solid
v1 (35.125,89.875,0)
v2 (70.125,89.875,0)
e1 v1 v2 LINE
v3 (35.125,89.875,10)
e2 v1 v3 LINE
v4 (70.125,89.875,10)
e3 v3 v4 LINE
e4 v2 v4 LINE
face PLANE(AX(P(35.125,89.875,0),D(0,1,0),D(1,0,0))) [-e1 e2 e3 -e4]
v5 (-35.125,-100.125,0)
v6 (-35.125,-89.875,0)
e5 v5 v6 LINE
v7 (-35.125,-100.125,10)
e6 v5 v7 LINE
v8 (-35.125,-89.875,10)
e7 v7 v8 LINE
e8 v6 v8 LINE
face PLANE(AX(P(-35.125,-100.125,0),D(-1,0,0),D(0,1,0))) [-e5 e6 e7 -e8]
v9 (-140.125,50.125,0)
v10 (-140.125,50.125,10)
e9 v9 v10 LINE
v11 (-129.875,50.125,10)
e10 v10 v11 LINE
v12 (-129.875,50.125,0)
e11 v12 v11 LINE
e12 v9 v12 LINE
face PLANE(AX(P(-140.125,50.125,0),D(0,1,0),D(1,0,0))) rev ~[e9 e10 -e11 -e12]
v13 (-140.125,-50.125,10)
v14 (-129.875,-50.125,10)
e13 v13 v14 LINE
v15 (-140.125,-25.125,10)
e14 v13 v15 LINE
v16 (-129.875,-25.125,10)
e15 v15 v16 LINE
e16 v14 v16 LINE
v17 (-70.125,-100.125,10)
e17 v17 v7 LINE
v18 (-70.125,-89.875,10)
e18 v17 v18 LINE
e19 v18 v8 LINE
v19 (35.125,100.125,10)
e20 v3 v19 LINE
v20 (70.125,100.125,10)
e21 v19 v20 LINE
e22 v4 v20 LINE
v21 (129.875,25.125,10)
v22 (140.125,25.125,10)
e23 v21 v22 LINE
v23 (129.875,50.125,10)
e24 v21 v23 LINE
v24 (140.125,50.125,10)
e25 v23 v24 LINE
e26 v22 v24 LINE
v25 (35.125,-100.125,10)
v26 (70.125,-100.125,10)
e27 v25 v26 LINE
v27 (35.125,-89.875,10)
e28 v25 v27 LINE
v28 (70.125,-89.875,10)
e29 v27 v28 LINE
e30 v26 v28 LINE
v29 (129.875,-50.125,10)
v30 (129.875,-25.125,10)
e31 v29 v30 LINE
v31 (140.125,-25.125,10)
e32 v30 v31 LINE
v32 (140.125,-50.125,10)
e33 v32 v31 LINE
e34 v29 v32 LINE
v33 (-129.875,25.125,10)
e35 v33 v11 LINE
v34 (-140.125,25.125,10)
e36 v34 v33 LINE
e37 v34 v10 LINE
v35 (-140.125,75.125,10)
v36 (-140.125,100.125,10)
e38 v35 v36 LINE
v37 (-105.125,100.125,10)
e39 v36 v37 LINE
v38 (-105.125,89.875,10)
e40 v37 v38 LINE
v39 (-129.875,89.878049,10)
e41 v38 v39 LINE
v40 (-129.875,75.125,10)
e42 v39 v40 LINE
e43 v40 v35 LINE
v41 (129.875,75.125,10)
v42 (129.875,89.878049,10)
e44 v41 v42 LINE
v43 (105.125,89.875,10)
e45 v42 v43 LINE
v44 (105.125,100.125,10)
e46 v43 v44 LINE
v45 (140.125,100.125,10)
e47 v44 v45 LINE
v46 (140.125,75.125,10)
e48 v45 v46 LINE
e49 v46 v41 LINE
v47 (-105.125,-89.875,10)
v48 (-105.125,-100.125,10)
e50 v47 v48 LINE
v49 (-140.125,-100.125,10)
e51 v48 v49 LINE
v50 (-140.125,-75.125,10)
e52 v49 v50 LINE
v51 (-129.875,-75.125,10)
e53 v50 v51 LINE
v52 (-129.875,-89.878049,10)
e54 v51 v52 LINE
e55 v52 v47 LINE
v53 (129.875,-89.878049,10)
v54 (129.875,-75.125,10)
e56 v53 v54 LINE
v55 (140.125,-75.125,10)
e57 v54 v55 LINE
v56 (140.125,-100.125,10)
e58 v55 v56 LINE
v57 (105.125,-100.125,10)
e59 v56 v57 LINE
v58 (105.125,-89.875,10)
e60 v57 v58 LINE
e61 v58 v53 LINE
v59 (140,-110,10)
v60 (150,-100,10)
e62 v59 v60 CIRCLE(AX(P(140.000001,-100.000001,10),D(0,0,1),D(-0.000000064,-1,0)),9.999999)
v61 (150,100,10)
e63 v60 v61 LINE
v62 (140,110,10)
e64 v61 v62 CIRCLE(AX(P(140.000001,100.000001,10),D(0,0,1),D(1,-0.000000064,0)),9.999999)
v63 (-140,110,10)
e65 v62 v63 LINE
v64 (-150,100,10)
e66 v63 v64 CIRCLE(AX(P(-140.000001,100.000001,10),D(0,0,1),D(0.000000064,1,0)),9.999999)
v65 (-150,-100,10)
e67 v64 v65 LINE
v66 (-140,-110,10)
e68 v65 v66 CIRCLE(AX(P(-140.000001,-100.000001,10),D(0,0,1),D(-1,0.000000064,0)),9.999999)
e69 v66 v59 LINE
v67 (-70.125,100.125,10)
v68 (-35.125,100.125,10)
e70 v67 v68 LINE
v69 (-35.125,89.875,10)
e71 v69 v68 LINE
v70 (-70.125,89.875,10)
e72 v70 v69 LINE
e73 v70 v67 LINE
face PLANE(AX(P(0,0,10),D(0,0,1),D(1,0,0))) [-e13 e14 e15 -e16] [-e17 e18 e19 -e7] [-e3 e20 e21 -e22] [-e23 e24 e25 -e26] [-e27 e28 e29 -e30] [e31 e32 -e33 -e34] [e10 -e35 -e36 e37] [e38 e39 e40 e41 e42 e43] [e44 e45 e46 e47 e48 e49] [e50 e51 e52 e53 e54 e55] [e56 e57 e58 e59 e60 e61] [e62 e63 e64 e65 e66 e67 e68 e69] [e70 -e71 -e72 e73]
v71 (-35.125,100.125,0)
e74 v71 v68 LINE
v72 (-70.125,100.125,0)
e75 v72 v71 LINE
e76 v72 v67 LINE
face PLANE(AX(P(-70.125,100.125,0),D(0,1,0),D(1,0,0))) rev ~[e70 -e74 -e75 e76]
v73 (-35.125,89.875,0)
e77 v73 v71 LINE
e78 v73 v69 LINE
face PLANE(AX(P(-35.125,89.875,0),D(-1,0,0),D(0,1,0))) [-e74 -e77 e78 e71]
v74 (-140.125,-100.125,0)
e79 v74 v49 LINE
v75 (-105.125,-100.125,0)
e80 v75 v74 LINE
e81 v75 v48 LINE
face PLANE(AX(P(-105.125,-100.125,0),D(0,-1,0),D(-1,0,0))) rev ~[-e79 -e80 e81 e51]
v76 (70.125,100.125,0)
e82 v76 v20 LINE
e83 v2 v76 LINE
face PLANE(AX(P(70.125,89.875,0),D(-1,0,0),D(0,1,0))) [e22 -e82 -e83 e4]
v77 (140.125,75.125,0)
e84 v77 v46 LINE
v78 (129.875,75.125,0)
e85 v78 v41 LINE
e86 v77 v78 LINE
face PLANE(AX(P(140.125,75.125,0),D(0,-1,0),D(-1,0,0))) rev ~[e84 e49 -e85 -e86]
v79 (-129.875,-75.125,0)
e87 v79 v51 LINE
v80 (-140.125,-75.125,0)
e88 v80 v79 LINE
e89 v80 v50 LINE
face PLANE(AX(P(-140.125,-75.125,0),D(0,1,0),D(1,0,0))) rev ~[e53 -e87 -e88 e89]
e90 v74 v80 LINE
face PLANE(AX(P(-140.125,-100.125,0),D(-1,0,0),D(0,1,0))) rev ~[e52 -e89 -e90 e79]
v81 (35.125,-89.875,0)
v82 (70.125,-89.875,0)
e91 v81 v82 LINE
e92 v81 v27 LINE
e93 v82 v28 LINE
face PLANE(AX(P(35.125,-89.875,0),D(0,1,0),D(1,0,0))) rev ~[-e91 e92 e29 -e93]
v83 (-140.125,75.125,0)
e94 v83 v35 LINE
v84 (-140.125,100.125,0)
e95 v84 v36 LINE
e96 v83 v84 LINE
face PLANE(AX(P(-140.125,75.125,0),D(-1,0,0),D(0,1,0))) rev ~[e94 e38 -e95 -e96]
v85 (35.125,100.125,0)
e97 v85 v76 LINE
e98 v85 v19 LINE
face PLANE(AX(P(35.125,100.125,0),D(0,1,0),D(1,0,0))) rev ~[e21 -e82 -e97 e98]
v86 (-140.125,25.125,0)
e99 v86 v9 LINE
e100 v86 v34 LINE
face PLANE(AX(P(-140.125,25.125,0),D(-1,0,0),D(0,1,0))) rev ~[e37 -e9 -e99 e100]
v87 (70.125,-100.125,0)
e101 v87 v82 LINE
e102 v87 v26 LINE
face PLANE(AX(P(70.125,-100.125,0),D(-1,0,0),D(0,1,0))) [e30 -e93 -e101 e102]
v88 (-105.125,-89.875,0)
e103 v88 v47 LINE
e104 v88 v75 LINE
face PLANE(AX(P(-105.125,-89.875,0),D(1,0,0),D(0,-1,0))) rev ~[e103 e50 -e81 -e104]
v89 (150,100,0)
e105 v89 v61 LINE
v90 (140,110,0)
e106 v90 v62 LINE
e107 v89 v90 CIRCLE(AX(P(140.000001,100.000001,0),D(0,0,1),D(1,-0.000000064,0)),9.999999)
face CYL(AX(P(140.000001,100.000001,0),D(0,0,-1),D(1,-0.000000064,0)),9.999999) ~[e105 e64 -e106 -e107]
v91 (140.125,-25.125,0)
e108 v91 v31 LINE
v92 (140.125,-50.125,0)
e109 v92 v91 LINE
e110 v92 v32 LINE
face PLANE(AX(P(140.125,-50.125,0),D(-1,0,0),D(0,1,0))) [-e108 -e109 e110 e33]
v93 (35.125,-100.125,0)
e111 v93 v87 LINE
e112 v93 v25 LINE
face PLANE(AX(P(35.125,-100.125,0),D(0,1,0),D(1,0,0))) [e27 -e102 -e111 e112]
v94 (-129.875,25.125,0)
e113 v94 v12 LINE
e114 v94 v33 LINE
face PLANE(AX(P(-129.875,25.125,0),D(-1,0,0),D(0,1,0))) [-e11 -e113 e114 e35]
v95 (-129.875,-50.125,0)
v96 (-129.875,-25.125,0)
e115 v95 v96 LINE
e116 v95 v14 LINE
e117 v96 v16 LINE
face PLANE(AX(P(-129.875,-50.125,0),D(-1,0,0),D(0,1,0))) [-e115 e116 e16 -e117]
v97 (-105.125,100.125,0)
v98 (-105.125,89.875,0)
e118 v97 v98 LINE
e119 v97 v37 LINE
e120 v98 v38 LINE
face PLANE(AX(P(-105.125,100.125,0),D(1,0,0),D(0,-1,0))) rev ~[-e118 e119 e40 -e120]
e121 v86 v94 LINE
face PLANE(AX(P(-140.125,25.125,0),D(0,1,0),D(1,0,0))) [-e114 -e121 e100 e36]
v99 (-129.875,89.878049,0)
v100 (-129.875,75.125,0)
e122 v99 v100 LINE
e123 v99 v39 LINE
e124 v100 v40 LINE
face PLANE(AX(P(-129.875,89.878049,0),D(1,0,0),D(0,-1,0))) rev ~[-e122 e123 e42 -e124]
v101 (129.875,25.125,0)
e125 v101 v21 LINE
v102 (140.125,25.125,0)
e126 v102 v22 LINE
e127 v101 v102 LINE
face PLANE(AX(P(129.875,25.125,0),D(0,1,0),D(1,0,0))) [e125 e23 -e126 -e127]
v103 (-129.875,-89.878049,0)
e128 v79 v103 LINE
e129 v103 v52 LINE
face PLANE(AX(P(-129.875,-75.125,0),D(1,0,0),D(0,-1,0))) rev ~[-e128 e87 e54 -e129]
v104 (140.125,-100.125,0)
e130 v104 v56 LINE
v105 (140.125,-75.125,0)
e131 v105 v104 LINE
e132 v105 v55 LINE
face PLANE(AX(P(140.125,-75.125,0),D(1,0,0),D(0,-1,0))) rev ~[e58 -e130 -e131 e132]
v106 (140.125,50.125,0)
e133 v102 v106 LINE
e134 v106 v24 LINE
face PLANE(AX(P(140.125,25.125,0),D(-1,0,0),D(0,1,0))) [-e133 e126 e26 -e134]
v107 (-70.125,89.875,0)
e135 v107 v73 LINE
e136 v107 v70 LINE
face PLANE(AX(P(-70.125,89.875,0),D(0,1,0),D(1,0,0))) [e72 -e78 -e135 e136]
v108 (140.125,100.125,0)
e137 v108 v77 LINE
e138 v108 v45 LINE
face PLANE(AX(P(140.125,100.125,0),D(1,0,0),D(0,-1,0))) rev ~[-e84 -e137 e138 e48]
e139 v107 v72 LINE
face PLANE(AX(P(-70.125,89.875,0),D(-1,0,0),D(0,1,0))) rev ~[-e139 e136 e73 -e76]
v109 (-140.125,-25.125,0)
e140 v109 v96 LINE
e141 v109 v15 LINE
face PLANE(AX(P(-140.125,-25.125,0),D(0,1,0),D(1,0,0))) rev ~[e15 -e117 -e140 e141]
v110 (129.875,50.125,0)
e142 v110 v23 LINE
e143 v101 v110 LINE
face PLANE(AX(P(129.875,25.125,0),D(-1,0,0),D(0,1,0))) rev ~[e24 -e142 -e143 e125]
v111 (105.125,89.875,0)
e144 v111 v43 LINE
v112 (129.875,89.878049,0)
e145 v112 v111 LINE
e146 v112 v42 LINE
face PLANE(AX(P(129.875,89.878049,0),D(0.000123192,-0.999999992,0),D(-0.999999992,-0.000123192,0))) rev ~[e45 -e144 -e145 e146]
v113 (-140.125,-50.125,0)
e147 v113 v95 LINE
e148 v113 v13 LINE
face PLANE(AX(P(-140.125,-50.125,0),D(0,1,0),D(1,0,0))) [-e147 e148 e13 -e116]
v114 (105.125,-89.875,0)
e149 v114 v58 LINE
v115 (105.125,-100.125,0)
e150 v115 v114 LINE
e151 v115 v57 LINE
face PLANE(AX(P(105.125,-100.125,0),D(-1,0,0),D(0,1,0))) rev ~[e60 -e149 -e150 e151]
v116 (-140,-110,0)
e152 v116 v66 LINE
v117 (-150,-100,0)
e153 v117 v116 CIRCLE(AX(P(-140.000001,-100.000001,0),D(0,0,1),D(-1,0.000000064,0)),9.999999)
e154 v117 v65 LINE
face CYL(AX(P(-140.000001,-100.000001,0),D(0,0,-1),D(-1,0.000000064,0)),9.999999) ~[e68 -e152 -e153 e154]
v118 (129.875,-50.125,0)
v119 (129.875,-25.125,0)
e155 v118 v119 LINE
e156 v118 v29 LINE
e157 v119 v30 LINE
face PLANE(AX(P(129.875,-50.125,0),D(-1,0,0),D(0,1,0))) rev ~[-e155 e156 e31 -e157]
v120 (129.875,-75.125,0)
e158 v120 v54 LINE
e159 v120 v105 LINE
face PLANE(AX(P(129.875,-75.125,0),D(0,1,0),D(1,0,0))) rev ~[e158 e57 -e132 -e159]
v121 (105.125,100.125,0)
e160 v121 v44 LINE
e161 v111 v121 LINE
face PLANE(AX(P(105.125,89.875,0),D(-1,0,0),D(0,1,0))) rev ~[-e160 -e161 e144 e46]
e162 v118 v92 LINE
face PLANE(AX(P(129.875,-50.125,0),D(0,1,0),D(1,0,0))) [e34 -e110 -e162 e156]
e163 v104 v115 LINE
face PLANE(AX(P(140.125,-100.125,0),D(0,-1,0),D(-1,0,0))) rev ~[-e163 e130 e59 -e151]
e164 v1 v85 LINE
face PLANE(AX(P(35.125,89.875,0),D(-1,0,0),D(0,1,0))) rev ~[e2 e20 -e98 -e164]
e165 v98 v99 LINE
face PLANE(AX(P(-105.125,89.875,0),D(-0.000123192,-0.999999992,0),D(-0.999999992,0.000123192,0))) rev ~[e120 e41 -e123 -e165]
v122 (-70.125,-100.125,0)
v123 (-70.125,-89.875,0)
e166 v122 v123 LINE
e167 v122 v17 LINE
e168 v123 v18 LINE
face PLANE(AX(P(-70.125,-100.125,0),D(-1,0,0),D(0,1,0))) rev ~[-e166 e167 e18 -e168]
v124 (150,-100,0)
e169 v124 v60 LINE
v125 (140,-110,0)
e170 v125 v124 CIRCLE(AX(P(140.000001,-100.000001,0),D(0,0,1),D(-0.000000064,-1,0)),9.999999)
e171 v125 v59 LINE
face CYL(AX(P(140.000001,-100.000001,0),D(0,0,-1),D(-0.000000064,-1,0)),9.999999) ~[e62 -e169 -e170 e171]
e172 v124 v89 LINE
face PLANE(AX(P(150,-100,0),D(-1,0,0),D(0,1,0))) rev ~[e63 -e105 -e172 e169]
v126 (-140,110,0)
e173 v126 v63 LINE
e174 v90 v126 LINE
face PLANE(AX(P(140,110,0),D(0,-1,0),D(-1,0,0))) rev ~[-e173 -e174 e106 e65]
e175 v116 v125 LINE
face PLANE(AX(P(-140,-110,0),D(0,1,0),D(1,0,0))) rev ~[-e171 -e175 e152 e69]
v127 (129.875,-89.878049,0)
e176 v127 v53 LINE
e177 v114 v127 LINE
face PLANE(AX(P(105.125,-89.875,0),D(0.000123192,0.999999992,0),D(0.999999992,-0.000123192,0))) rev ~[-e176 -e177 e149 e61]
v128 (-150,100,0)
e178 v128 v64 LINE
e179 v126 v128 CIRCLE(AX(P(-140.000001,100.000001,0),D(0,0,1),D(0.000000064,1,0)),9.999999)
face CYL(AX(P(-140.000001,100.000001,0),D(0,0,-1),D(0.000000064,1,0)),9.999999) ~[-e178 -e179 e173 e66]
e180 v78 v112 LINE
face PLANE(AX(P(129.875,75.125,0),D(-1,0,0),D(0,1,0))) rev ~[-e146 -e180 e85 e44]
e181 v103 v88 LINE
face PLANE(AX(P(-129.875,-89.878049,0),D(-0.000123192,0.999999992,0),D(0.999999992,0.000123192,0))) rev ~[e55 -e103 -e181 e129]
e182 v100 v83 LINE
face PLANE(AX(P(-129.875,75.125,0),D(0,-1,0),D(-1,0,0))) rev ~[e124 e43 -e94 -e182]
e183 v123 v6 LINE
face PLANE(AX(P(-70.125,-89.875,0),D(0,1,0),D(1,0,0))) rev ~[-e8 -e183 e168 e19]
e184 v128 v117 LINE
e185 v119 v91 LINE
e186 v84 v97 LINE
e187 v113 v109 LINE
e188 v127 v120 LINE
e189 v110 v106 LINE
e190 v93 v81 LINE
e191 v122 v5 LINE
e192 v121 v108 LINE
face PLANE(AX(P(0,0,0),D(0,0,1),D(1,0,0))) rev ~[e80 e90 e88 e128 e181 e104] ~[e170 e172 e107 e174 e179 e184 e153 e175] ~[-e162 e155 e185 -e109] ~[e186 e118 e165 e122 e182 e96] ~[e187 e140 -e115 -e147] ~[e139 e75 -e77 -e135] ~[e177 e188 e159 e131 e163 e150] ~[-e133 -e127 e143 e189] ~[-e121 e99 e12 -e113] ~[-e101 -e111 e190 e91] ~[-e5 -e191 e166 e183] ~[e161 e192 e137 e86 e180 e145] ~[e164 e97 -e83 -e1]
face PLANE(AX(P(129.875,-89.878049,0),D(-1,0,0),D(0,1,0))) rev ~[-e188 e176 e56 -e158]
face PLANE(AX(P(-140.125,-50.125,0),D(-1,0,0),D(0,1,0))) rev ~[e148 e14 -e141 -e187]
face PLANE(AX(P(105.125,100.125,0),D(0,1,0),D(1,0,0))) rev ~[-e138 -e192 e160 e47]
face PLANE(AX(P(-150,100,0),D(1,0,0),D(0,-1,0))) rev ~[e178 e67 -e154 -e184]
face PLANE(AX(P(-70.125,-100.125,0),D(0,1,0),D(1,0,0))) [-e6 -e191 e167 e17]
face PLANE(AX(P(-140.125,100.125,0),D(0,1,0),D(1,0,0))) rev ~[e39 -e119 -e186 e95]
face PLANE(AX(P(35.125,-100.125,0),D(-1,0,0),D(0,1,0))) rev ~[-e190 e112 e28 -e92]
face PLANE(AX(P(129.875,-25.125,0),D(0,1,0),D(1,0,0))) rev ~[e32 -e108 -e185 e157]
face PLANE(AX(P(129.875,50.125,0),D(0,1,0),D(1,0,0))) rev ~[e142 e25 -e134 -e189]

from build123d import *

# Parameters (mm, degrees)
F0_W     = 35
F0_H     = 10.25
F0_W_2   = 10.25
F0_H_2   = 25
F1_DEPTH = 10


with BuildPart() as f1:
    # F0 (on Top) → F1 (new body)
    with BuildSketch(Plane.XY):
        with BuildLine():
            Line((140, 110), (-140, 110))
            ThreePointArc((-140, 110), (-147.071068, 107.071068), (-150, 100))
            Line((-150, 100), (-150, -100))
            ThreePointArc((-150, -100), (-147.071068, -107.071068), (-140, -110))
            Line((-140, -110), (140, -110))
            ThreePointArc((140, -110), (147.071068, -107.071068), (150, -100))
            Line((150, -100), (150, 100))
            ThreePointArc((150, 100), (147.071068, 107.071068), (140, 110))
        make_face()
        Polygon((-105.125, -100.125), (-140.125, -100.125), (-140.125, -75.125), (-129.875, -75.125), (-129.875, -89.878049), (-105.125, -89.875), align=None, mode=Mode.SUBTRACT)
        with Locations((-52.625, -95)):
            Rectangle(F0_W, F0_H, mode=Mode.SUBTRACT)
        with Locations((-135, -37.625)):
            Rectangle(F0_W_2, F0_H_2, mode=Mode.SUBTRACT)
        with Locations((52.625, -95)):
            Rectangle(F0_W, F0_H, mode=Mode.SUBTRACT)
        Polygon((129.875, -75.125), (140.125, -75.125), (140.125, -100.125), (105.125, -100.125), (105.125, -89.875), (129.875, -89.878049), align=None, mode=Mode.SUBTRACT)
        with Locations((135, -37.625)):
            Rectangle(F0_W_2, F0_H_2, mode=Mode.SUBTRACT)
        with Locations((-135, 37.625)):
            Rectangle(F0_W_2, F0_H_2, mode=Mode.SUBTRACT)
        Polygon((-129.875, 75.125), (-140.125, 75.125), (-140.125, 100.125), (-105.125, 100.125), (-105.125, 89.875), (-129.875, 89.878049), align=None, mode=Mode.SUBTRACT)
        with Locations((-52.625, 95)):
            Rectangle(F0_W, F0_H, mode=Mode.SUBTRACT)
        with Locations((135, 37.625)):
            Rectangle(F0_W_2, F0_H_2, mode=Mode.SUBTRACT)
        with Locations((52.625, 95)):
            Rectangle(F0_W, F0_H, mode=Mode.SUBTRACT)
        Polygon((105.125, 89.875), (105.125, 100.125), (140.125, 100.125), (140.125, 75.125), (129.875, 75.125), (129.875, 89.878049), align=None, mode=Mode.SUBTRACT)
    extrude(amount=F1_DEPTH)


solid = f1.part
